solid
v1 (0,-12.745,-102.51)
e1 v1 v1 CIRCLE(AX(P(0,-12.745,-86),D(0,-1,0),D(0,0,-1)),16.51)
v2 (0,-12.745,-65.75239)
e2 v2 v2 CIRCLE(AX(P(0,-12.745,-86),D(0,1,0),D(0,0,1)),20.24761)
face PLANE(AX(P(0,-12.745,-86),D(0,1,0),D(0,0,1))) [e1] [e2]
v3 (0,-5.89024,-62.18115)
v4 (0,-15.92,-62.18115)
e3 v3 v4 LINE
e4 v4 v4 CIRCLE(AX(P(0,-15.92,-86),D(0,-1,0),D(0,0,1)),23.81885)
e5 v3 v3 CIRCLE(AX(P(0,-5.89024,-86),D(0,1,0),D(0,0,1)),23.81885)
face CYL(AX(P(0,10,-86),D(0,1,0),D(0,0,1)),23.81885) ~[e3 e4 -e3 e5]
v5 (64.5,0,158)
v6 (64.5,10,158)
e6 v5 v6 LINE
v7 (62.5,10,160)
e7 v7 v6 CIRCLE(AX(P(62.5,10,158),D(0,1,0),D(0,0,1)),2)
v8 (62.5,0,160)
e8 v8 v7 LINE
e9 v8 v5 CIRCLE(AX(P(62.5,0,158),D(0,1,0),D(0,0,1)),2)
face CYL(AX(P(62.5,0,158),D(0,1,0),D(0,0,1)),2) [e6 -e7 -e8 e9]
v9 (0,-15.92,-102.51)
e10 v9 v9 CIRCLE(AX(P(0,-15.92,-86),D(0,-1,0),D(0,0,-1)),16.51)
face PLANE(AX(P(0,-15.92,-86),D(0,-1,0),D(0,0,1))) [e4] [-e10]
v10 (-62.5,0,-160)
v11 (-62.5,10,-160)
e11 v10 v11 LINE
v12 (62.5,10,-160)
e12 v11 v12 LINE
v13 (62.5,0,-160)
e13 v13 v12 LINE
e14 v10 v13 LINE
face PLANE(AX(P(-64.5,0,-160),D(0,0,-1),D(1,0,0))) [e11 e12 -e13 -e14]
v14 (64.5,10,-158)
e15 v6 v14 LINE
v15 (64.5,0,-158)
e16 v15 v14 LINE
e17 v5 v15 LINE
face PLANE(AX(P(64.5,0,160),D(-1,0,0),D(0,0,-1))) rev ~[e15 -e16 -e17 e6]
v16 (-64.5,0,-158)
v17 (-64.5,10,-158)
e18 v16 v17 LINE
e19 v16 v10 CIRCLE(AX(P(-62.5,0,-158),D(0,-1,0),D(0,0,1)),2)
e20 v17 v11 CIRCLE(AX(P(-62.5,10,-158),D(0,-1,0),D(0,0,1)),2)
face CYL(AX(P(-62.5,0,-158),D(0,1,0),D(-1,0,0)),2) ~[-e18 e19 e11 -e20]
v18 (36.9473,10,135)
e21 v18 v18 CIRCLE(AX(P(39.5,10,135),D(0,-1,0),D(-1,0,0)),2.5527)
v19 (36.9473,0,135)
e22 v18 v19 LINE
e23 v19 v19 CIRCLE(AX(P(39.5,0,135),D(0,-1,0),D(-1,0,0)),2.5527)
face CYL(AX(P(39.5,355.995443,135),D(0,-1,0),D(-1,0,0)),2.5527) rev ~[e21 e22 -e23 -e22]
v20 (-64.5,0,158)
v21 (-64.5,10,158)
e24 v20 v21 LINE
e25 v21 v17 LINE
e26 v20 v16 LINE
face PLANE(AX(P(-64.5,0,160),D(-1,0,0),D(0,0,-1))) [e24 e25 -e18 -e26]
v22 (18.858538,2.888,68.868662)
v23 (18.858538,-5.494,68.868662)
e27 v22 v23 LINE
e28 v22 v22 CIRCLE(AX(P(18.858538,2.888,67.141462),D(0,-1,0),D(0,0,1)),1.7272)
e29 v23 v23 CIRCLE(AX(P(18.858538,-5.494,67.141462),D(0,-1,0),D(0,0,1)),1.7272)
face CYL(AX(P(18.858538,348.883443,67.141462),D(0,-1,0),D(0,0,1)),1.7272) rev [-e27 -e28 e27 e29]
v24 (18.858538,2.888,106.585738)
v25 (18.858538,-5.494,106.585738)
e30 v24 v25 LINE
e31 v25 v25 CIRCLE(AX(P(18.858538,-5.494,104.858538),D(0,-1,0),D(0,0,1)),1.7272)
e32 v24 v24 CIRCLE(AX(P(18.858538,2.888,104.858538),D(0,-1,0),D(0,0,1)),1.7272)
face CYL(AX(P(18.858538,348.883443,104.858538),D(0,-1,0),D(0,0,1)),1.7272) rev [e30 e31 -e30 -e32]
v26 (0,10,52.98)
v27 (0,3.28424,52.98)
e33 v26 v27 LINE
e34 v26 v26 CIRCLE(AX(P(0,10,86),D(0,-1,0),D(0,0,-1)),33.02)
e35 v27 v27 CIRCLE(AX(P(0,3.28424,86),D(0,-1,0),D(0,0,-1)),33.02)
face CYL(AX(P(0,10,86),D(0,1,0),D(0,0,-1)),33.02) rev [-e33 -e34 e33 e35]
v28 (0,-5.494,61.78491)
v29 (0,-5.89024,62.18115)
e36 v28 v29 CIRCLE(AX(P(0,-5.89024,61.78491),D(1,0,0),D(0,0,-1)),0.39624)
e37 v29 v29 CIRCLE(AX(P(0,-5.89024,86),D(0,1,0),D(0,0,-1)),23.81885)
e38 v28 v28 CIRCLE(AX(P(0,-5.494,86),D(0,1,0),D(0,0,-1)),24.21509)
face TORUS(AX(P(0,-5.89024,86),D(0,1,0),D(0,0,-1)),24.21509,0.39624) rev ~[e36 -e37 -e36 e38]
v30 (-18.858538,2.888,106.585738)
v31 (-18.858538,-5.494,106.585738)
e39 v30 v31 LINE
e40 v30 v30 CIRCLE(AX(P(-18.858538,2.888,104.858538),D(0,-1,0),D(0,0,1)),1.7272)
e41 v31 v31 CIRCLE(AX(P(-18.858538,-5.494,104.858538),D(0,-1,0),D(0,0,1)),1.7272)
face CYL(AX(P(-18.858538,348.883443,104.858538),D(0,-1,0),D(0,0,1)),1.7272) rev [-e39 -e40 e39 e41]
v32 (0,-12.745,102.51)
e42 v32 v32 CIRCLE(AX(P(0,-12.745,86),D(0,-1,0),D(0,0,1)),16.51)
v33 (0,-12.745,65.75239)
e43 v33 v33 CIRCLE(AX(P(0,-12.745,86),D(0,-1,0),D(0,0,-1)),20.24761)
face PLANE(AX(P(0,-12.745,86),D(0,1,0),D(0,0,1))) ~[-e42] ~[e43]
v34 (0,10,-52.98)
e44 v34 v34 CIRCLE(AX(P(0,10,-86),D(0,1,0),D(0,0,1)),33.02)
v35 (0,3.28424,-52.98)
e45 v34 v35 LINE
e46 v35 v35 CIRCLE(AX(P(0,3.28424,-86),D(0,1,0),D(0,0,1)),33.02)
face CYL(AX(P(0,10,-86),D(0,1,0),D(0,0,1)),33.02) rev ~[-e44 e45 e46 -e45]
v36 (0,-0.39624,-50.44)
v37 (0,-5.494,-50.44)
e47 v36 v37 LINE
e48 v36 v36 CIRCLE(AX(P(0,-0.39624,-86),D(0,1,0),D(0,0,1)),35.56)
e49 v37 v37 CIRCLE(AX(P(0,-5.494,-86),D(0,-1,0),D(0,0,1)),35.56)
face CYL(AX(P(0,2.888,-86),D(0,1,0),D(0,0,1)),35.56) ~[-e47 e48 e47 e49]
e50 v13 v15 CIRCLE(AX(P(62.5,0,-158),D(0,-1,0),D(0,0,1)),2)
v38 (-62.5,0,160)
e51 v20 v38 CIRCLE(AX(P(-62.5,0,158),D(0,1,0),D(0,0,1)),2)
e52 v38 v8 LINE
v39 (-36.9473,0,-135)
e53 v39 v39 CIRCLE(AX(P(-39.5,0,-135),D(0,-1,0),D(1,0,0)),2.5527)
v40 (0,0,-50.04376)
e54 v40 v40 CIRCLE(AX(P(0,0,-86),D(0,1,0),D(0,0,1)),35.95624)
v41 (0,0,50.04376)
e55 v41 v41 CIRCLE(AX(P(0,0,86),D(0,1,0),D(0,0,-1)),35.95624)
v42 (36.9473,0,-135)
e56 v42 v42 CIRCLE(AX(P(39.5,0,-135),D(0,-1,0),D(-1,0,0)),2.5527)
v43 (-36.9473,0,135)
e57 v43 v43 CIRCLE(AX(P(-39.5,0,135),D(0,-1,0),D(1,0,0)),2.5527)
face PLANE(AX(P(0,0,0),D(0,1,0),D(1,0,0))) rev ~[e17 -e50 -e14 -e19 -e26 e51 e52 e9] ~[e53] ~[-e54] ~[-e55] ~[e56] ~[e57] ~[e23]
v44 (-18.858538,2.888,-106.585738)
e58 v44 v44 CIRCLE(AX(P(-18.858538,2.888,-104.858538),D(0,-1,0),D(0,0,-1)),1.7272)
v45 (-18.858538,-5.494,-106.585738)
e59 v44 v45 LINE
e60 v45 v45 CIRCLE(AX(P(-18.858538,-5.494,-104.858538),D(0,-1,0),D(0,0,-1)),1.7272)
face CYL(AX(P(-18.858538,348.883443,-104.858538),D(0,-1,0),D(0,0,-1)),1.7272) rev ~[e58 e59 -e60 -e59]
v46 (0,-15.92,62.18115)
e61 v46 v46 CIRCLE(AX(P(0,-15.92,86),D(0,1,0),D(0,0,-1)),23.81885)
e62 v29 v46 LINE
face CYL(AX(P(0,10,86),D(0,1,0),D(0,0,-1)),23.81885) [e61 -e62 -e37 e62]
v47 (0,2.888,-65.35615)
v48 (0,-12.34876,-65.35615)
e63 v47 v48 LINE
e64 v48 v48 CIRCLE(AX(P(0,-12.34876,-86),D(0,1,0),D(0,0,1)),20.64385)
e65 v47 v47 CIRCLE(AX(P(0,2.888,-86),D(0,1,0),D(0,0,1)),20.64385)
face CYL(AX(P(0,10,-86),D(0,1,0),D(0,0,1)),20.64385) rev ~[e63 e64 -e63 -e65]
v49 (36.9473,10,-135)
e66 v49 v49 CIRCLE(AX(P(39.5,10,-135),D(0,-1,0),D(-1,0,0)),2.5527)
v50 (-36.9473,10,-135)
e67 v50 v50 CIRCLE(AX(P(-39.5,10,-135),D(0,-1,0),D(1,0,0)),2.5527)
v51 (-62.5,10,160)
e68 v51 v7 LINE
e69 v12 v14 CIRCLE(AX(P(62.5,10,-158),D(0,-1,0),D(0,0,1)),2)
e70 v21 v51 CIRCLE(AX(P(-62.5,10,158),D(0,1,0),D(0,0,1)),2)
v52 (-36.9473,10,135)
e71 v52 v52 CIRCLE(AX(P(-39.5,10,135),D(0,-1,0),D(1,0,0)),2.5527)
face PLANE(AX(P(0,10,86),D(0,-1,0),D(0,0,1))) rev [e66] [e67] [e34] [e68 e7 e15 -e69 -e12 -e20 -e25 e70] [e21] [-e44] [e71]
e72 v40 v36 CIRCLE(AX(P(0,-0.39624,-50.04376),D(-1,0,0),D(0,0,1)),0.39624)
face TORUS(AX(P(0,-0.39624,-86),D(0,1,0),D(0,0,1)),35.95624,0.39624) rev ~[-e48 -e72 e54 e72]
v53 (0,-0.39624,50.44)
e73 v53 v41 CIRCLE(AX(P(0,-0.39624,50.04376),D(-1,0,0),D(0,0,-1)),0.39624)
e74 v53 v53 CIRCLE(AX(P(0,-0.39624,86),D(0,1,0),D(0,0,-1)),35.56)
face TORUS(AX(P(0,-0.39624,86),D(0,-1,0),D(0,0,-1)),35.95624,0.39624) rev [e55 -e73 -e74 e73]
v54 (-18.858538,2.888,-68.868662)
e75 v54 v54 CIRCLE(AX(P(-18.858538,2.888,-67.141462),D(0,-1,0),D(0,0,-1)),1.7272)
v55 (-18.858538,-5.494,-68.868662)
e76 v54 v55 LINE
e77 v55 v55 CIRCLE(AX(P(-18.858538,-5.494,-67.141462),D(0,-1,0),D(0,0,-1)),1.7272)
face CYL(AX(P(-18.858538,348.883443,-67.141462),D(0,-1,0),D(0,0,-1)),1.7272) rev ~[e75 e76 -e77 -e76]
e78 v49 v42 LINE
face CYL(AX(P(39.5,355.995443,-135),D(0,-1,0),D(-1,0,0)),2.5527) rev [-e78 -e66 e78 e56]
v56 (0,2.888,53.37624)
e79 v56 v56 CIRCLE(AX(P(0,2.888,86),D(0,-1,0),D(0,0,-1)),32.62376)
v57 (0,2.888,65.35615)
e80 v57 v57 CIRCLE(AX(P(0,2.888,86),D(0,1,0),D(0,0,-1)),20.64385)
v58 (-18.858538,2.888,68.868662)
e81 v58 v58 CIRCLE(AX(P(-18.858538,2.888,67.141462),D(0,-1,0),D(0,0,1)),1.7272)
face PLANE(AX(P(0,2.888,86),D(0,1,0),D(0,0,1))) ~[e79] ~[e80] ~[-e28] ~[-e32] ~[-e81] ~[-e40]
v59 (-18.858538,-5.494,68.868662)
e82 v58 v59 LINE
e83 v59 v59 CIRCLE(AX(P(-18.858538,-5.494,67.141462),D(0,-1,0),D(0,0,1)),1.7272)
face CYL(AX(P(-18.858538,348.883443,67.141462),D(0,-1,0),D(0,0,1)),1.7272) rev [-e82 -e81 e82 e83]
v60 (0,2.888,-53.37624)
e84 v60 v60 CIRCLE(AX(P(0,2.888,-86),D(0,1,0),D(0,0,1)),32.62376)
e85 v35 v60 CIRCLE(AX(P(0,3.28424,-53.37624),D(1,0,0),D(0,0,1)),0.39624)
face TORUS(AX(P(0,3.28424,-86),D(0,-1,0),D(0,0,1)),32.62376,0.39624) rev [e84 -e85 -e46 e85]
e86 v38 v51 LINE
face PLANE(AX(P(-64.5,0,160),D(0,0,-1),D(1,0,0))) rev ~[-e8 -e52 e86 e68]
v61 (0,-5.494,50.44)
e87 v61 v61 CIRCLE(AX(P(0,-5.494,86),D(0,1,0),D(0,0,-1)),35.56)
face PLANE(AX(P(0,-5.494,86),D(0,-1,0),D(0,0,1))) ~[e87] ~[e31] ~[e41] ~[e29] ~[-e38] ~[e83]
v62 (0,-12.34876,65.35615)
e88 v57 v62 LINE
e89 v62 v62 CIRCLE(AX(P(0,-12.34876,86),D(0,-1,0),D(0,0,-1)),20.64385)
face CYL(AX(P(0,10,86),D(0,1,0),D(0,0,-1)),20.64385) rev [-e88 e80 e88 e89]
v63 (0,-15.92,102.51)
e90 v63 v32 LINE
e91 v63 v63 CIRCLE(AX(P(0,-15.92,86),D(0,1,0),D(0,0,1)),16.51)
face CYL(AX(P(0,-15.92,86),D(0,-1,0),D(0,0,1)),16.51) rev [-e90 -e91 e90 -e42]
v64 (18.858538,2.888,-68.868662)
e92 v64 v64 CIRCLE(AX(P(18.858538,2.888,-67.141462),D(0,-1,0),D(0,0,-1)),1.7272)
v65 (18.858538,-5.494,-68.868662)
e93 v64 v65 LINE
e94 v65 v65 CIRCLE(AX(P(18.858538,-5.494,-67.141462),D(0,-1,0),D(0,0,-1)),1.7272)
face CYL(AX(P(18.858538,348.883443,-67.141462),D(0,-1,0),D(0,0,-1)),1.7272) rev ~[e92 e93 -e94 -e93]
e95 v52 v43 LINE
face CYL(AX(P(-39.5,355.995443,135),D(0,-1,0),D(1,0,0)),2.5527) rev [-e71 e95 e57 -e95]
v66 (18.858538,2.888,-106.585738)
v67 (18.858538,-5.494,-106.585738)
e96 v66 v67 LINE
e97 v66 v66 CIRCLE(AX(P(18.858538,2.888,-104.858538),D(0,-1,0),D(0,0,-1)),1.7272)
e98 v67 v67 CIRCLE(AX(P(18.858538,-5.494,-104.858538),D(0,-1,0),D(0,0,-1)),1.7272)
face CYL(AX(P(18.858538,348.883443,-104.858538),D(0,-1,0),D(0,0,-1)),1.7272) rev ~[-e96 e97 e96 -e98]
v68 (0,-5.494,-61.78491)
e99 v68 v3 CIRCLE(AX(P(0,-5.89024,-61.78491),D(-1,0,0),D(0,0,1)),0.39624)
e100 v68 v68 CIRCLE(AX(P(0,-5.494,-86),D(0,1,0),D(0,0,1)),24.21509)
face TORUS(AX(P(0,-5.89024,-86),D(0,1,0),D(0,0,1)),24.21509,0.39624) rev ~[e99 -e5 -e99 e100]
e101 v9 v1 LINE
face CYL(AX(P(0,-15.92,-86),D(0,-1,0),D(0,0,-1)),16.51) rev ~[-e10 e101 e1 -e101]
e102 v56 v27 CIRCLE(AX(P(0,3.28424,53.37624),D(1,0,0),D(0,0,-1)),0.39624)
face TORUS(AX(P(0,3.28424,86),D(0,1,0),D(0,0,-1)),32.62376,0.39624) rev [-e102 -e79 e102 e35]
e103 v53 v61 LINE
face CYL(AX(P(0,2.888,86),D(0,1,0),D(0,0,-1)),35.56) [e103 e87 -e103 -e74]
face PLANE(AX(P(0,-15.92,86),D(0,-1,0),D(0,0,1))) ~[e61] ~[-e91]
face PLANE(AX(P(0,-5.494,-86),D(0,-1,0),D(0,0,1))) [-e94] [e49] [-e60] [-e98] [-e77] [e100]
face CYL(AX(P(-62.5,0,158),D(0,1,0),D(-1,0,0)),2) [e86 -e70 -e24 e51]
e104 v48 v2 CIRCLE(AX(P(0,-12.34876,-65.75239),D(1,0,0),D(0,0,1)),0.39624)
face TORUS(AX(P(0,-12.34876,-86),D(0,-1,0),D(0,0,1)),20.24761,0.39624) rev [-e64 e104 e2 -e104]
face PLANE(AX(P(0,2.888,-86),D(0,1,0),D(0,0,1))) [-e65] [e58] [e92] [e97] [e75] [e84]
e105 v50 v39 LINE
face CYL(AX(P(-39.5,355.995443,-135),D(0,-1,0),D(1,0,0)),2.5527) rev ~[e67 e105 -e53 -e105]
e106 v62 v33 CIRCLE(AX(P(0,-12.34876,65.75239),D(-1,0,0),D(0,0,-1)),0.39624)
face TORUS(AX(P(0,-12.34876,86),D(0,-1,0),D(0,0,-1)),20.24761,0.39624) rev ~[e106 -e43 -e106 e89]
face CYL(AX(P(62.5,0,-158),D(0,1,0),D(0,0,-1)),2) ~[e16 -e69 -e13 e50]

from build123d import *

# Parameters (mm, degrees)
SKETCH1_W               = 129
SKETCH1_H               = 320
EXTRUDE1_DEPTH          = 10
SKETCH2_R               = 23.81885
EXTRUDE2_DEPTH          = 25.920000024
SKETCH3_R               = 16.51
EXTRUDE3_DEPTH          = 26.920000024
SKETCH4_R               = 20.64385
EXTRUDE4_DEPTH          = 22.745
SKETCH5_R               = 33.02
EXTRUDE5_DEPTH          = 7.112
SKETCH11_R              = 35.56
SKETCH11_R_2            = 23.81885
BOSS_EXTRUDE2_DEPTH     = 8.382
F_8_32_TAPPED_HOLE1_D   = 3.4544
FILLET1_R               = 0.39624
FILLET2_R               = 2
F_1_4_20_TAPPED_HOLE1_D = 5.1054
MIRROR3_COPY_1_D        = 5.1054


with BuildPart() as part:
    # Sketch1 → Extrude1 (new body)
    with BuildSketch(Plane(origin=(0, 0, 0), x_dir=(1, 0, 0), z_dir=(0, 1, 0))):
        Rectangle(SKETCH1_W, SKETCH1_H)
    extrude(amount=EXTRUDE1_DEPTH)

    # Sketch2 → Extrude2 (add)
    with BuildSketch(Plane.XZ.offset(-10)):
        with Locations(Location((0, -86, 0), (0, 0, 90))):  # turned: the seam where the file's is
            Circle(SKETCH2_R)
    extrude2 = extrude(amount=EXTRUDE2_DEPTH)

    # Sketch3 → Extrude3 (cut, through all)
    with BuildSketch(Plane.XZ.offset(15.920000024)):
        with Locations(Location((0, -86, 0), (0, 0, 270))):  # turned: the seam where the file's is
            Circle(SKETCH3_R)
    extrude3 = extrude(amount=-EXTRUDE3_DEPTH, mode=Mode.SUBTRACT)

    # Sketch4 → Extrude4 (cut)
    with BuildSketch(Plane(origin=(0, 10, 0), x_dir=(1, 0, 0), z_dir=(0, 1, 0))):
        with Locations(Location((0, 86, 0), (0, 0, 270))):  # turned: the seam where the file's is
            Circle(SKETCH4_R)
    extrude4 = extrude(amount=-EXTRUDE4_DEPTH, mode=Mode.SUBTRACT)

    # Sketch5 → Extrude5 (cut)
    with BuildSketch(Plane(origin=(0, 10, 0), x_dir=(1, 0, 0), z_dir=(0, 1, 0))):
        with Locations(Location((0, 86, 0), (0, 0, 270))):  # turned: the seam where the file's is
            Circle(SKETCH5_R)
    extrude5 = extrude(amount=-EXTRUDE5_DEPTH, mode=Mode.SUBTRACT)

    # Sketch11 → Boss-Extrude2 (add)
    with BuildSketch(Plane.XZ.offset(-2.888)):
        with Locations(Location((0, -86, 0), (0, 0, 90))):  # turned: the seam where the file's is
            Circle(SKETCH11_R)
        with Locations(Location((0, -86, 0), (0, 0, 270))):  # turned: the seam where the file's is
            Circle(SKETCH11_R_2, mode=Mode.SUBTRACT)
    boss_extrude2 = extrude(amount=BOSS_EXTRUDE2_DEPTH)

    # #8-32 Tapped Hole1 (through all)
    with Locations(Plane(origin=(-18.858537854, 2.888, -104.858537854), x_dir=(0, 0, 1), z_dir=(0, 1, 0))):
        with Locations((0, 0), (0, 37.717075708), (37.717075708, 37.717075708), (37.717075708, 0)):
            f_8_32_tapped_hole1 = Hole(F_8_32_TAPPED_HOLE1_D / 2)

    # Mirror1: Extrude2, Extrude3, Extrude4, Extrude5, Boss-Extrude2, #8-32 Tapped Hole1 across plane
    add(extrude2.mirror(Plane.XY))
    add(extrude3.mirror(Plane.XY), mode=Mode.SUBTRACT)
    add(extrude4.mirror(Plane.XY), mode=Mode.SUBTRACT)
    add(extrude5.mirror(Plane.XY), mode=Mode.SUBTRACT)
    add(boss_extrude2.mirror(Plane.XY))
    add(f_8_32_tapped_hole1.mirror(Plane.XY), mode=Mode.SUBTRACT)

    # Fillet1
    fillet1_edges = [part.edges().sort_by_distance(p)[0] for p in [
        (0, -12.745, -106.64385),
        (0, 2.888, -119.02),
        (0, 0, -121.56),
        (0, -5.494, -109.81885),
        (0, -12.745, 106.64385),
        (0, 2.888, 119.02),
        (0, -5.494, 109.81885),
        (0, 0, 121.56),
    ]]
    fillet(fillet1_edges, radius=FILLET1_R)

    # Fillet2
    fillet2_edges = [part.edges().sort_by_distance(p)[0] for p in [
        (-64.5, 5, -160),
        (64.5, 5, -160),
        (64.5, 5, 160),
        (-64.5, 5, 160),
    ]]
    fillet(fillet2_edges, radius=FILLET2_R)

    # 1/4-20 Tapped Hole1 (through all)
    with Locations(Plane(origin=(0, 10, 0), x_dir=(-1, 0, 0), z_dir=(0, 1, 0))):
        with Locations((39.5, -135)):
            f_1_4_20_tapped_hole1 = Hole(F_1_4_20_TAPPED_HOLE1_D / 2)

    # Mirror2: 1/4-20 Tapped Hole1 across plane
    add(f_1_4_20_tapped_hole1.mirror(Plane(origin=(0, 0, 0), x_dir=(0, 0, 1), z_dir=(1, 0, 0))), mode=Mode.SUBTRACT)

    # Mirror3: 1/4-20 Tapped Hole1 across plane
    add(f_1_4_20_tapped_hole1.mirror(Plane.XY), mode=Mode.SUBTRACT)

    # Mirror3 copy 1 (through all)
    with Locations(Plane(origin=(0, 10, 0), x_dir=(1, 0, 0), z_dir=(0, 1, 0))):
        with Locations((39.5, -135)):
            Hole(MIRROR3_COPY_1_D / 2)


solid = part.part
